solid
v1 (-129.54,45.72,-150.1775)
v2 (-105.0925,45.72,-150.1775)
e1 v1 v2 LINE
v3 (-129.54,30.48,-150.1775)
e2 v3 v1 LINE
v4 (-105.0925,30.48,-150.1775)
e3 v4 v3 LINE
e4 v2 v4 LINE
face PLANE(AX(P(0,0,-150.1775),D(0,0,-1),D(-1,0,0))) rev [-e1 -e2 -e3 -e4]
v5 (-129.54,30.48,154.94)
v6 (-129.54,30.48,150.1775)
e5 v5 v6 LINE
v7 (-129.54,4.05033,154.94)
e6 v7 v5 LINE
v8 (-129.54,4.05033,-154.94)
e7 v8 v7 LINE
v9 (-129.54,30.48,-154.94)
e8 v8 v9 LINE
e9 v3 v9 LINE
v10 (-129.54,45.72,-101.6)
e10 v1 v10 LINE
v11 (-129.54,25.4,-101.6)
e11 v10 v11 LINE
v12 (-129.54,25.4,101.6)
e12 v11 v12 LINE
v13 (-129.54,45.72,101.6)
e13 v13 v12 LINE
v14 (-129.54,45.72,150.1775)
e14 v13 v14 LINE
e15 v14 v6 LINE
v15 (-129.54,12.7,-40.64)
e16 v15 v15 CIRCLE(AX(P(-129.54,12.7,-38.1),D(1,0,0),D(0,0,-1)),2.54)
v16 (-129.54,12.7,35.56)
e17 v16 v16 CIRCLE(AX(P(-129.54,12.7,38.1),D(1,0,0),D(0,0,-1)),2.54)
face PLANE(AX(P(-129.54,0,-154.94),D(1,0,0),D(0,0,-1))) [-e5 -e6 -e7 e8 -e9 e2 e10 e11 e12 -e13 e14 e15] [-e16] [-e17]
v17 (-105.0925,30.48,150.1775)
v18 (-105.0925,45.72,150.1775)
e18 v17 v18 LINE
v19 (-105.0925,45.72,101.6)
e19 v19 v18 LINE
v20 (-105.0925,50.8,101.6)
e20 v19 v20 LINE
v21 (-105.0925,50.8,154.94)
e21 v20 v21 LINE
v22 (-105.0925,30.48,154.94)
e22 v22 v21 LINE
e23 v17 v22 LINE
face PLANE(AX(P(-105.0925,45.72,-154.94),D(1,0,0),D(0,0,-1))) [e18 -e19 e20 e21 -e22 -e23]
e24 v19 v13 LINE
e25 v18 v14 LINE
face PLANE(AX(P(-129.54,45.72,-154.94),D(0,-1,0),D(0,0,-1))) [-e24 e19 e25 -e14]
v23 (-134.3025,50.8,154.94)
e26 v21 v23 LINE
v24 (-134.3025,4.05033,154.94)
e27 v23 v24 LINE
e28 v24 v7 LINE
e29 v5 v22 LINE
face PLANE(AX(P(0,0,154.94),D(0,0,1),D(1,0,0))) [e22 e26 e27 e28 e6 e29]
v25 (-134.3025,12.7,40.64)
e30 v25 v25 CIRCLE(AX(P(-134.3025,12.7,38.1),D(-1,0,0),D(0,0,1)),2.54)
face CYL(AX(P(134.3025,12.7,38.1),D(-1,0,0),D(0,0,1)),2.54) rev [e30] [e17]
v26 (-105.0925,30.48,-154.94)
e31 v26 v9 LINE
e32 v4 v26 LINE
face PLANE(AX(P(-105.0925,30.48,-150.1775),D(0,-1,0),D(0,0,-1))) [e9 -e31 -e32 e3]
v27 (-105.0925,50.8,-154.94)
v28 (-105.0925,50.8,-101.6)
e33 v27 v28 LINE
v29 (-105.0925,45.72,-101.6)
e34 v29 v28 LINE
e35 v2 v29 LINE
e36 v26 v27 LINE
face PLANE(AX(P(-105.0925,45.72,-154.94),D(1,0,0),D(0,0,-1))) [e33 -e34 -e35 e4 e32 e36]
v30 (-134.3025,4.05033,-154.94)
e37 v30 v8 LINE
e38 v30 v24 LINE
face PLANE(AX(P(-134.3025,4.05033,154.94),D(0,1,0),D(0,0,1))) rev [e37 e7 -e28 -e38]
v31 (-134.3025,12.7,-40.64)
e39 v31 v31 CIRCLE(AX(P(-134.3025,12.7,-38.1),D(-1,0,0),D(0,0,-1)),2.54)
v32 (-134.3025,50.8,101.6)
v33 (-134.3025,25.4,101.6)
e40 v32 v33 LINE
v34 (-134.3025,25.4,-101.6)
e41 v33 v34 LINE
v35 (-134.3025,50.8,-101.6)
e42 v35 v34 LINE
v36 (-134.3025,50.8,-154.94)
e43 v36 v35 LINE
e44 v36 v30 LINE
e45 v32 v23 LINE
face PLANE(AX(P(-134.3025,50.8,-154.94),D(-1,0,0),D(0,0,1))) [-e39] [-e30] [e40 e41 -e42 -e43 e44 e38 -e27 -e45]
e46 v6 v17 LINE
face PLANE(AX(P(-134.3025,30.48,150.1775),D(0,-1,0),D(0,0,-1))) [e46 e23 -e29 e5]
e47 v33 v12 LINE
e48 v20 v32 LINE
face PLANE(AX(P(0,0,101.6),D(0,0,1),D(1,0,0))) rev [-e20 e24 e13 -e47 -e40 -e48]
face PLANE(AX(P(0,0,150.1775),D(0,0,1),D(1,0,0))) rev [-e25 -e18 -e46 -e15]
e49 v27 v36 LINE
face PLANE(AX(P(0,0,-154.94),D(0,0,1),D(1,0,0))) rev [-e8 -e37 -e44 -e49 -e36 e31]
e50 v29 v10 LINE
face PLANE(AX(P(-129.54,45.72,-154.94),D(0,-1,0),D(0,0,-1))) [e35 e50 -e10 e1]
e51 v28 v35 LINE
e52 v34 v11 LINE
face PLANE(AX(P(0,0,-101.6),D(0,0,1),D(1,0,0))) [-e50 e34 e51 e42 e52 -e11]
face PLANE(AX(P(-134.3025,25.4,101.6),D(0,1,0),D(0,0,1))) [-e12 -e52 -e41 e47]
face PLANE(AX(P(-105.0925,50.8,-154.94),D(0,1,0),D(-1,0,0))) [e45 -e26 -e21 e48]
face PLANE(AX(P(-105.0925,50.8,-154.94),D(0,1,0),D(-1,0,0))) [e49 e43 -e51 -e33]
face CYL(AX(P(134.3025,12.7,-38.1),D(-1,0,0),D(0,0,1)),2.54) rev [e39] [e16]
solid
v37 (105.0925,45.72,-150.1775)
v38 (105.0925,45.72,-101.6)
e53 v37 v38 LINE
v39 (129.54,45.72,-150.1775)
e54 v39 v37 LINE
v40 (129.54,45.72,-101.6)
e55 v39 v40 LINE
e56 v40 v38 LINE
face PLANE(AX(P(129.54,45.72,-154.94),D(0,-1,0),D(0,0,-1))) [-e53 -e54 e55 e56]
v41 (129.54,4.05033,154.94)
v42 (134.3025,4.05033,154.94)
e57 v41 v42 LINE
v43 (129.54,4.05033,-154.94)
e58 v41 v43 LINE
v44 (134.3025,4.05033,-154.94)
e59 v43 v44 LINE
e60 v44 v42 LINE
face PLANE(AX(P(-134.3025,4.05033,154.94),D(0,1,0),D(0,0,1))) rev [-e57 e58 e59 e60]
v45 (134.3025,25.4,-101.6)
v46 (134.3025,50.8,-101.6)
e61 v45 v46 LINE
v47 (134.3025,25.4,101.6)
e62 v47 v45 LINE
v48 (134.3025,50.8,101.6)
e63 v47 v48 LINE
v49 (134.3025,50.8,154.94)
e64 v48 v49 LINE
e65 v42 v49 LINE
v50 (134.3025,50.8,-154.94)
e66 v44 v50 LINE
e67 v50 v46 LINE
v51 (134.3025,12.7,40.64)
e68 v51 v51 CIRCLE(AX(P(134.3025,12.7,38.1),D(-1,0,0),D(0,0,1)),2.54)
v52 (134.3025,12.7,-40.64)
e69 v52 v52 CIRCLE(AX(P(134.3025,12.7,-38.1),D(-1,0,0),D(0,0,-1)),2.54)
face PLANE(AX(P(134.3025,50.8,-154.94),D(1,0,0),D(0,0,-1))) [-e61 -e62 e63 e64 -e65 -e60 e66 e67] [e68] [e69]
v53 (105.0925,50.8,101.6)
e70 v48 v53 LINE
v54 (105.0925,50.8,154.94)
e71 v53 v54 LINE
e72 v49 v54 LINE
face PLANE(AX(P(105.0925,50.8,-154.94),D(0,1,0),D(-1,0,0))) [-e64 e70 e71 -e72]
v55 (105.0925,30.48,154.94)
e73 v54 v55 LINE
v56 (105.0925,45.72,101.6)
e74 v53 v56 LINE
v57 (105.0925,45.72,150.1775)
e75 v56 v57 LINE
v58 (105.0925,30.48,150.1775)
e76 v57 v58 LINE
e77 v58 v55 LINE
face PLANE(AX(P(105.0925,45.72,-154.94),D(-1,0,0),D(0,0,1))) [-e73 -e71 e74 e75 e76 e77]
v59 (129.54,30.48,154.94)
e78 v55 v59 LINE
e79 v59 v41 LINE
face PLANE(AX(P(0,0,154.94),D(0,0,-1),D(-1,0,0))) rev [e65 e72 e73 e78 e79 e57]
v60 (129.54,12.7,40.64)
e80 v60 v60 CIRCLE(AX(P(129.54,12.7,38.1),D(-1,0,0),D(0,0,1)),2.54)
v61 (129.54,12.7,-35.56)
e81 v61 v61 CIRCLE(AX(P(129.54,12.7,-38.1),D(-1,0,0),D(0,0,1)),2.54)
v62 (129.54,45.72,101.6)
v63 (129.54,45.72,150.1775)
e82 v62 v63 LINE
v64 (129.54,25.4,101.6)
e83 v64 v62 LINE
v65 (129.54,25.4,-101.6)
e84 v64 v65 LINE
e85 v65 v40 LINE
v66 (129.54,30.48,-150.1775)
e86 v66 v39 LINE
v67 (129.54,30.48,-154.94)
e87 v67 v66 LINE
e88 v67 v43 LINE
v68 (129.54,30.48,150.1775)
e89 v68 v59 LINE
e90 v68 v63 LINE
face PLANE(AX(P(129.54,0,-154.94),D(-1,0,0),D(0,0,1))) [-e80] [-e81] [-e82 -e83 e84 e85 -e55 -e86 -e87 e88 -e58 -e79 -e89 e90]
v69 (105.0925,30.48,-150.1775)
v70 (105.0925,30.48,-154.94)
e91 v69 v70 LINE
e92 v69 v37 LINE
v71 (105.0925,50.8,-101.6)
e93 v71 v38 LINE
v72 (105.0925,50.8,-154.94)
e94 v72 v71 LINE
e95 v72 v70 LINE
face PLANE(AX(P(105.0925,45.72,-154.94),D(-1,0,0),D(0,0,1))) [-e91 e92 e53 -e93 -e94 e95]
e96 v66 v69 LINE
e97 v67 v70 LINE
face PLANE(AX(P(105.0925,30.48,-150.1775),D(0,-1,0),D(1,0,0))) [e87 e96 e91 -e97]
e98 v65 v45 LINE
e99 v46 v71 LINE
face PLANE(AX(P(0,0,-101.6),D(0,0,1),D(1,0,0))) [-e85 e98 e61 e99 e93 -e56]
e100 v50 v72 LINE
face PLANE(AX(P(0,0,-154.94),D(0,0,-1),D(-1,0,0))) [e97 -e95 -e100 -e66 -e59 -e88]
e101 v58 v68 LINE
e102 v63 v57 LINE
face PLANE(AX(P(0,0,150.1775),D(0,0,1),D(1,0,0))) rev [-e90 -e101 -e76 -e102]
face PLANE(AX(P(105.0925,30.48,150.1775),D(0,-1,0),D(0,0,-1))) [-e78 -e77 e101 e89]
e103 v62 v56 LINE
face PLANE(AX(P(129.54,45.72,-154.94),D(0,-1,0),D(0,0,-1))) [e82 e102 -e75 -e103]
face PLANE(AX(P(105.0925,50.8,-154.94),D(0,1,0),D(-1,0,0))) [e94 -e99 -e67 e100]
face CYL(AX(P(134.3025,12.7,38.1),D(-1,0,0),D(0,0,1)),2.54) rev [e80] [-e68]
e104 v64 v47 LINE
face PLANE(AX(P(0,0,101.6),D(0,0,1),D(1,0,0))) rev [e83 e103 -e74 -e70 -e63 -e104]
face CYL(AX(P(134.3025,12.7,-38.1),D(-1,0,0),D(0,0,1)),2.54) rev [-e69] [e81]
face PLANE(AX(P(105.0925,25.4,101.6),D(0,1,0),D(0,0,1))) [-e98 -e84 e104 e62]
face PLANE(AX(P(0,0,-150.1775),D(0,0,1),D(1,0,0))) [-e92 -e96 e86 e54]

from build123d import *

# Parameters (mm, degrees)
BOSS_EXTRUDE1_DEPTH        = 154.94
BOSS_EXTRUDE1_DEPTH_BACK   = 154.94
BOSS_EXTRUDE1_2_DEPTH      = 154.94
BOSS_EXTRUDE1_2_DEPTH_BACK = 154.94
SKETCH3_W                  = 29.21
SKETCH3_H                  = 20.32
BOSS_EXTRUDE2_DEPTH        = 4.7625
SKETCH4_W                  = 29.21
SKETCH4_H                  = 20.32
BOSS_EXTRUDE3_DEPTH        = 4.7625
SKETCH5_W                  = 29.21
SKETCH5_H                  = 25.4
CUT_EXTRUDE1_DEPTH         = 101.6
CUT_EXTRUDE1_DEPTH_BACK    = 101.6
SKETCH6_R                  = 2.54
CUT_EXTRUDE3_DEPTH         = 269.605
SKETCH7_W                  = 309.88
SKETCH7_H                  = 4.050329793
CUT_EXTRUDE4_DEPTH         = 269.605


with BuildPart() as part:
    # Sketch2 → Boss-Extrude1 (new body, two sides)
    with BuildSketch(Plane.XY) as boss_extrude1_sk:
        Polygon((-129.54, 0), (-129.54, 45.72), (-105.0925, 45.72), (-105.0925, 50.8), (-134.3025, 50.8), (-134.3025, 0), align=None)
    extrude(amount=BOSS_EXTRUDE1_DEPTH)
    extrude(boss_extrude1_sk.sketch, amount=-BOSS_EXTRUDE1_DEPTH_BACK)



with BuildPart() as body_2:
    # Sketch2 → Boss-Extrude1 2 (new body, two sides)
    with BuildSketch(Plane.XY) as boss_extrude1_2_sk:
        Polygon((105.0925, 45.72), (105.0925, 50.8), (134.3025, 50.8), (134.3025, 0), (129.54, 0), (129.54, 45.72), align=None)
    extrude(amount=BOSS_EXTRUDE1_2_DEPTH)
    extrude(boss_extrude1_2_sk.sketch, amount=-BOSS_EXTRUDE1_2_DEPTH_BACK)


with BuildPart() as part_1:
    add(part.part)

    add(body_2.part)  # Boss-Extrude2 merges body 2
    # Sketch3 → Boss-Extrude2 (add)
    with BuildSketch(Plane.XY.offset(154.94)):
        with Locations((-119.6975, 40.64)):
            Rectangle(SKETCH3_W, SKETCH3_H)
        with Locations((119.6975, 40.64)):
            Rectangle(SKETCH3_W, SKETCH3_H)
    extrude(amount=-BOSS_EXTRUDE2_DEPTH)

    # Sketch4 → Boss-Extrude3 (add)
    with BuildSketch(Plane(origin=(0, 0, -154.94), x_dir=(-1, 0, 0), z_dir=(0, 0, -1))):
        with Locations((119.6975, 40.64)):
            Rectangle(SKETCH4_W, SKETCH4_H)
        with Locations((-119.6975, 40.64)):
            Rectangle(SKETCH4_W, SKETCH4_H)
    extrude(amount=-BOSS_EXTRUDE3_DEPTH)

    # Sketch5 → Cut-Extrude1 (cut, two sides)
    with BuildSketch(Plane.XY) as cut_extrude1_sk:
        with Locations((119.6975, 38.1)):
            Rectangle(SKETCH5_W, SKETCH5_H)
        with Locations((-119.6975, 38.1)):
            Rectangle(SKETCH5_W, SKETCH5_H)
    extrude(amount=CUT_EXTRUDE1_DEPTH, mode=Mode.SUBTRACT)
    extrude(cut_extrude1_sk.sketch, amount=-CUT_EXTRUDE1_DEPTH_BACK, mode=Mode.SUBTRACT)

    # Sketch6 → Cut-Extrude3 (cut, through all)
    with BuildSketch(Plane.ZY.offset(134.3025)):
        with Locations((38.1, 12.7)):
            Circle(SKETCH6_R)
        with Locations((-38.1, 12.7)):
            Circle(SKETCH6_R)
    extrude(amount=-CUT_EXTRUDE3_DEPTH, mode=Mode.SUBTRACT)

    # Sketch7 → Cut-Extrude4 (cut, through all)
    with BuildSketch(Plane(origin=(134.3025, 0, 0), x_dir=(0, 0, -1), z_dir=(1, 0, 0))):
        with Locations((0, 2.025164897)):
            Rectangle(SKETCH7_W, SKETCH7_H)
    extrude(amount=-CUT_EXTRUDE4_DEPTH, mode=Mode.SUBTRACT)


solid = part_1.part
